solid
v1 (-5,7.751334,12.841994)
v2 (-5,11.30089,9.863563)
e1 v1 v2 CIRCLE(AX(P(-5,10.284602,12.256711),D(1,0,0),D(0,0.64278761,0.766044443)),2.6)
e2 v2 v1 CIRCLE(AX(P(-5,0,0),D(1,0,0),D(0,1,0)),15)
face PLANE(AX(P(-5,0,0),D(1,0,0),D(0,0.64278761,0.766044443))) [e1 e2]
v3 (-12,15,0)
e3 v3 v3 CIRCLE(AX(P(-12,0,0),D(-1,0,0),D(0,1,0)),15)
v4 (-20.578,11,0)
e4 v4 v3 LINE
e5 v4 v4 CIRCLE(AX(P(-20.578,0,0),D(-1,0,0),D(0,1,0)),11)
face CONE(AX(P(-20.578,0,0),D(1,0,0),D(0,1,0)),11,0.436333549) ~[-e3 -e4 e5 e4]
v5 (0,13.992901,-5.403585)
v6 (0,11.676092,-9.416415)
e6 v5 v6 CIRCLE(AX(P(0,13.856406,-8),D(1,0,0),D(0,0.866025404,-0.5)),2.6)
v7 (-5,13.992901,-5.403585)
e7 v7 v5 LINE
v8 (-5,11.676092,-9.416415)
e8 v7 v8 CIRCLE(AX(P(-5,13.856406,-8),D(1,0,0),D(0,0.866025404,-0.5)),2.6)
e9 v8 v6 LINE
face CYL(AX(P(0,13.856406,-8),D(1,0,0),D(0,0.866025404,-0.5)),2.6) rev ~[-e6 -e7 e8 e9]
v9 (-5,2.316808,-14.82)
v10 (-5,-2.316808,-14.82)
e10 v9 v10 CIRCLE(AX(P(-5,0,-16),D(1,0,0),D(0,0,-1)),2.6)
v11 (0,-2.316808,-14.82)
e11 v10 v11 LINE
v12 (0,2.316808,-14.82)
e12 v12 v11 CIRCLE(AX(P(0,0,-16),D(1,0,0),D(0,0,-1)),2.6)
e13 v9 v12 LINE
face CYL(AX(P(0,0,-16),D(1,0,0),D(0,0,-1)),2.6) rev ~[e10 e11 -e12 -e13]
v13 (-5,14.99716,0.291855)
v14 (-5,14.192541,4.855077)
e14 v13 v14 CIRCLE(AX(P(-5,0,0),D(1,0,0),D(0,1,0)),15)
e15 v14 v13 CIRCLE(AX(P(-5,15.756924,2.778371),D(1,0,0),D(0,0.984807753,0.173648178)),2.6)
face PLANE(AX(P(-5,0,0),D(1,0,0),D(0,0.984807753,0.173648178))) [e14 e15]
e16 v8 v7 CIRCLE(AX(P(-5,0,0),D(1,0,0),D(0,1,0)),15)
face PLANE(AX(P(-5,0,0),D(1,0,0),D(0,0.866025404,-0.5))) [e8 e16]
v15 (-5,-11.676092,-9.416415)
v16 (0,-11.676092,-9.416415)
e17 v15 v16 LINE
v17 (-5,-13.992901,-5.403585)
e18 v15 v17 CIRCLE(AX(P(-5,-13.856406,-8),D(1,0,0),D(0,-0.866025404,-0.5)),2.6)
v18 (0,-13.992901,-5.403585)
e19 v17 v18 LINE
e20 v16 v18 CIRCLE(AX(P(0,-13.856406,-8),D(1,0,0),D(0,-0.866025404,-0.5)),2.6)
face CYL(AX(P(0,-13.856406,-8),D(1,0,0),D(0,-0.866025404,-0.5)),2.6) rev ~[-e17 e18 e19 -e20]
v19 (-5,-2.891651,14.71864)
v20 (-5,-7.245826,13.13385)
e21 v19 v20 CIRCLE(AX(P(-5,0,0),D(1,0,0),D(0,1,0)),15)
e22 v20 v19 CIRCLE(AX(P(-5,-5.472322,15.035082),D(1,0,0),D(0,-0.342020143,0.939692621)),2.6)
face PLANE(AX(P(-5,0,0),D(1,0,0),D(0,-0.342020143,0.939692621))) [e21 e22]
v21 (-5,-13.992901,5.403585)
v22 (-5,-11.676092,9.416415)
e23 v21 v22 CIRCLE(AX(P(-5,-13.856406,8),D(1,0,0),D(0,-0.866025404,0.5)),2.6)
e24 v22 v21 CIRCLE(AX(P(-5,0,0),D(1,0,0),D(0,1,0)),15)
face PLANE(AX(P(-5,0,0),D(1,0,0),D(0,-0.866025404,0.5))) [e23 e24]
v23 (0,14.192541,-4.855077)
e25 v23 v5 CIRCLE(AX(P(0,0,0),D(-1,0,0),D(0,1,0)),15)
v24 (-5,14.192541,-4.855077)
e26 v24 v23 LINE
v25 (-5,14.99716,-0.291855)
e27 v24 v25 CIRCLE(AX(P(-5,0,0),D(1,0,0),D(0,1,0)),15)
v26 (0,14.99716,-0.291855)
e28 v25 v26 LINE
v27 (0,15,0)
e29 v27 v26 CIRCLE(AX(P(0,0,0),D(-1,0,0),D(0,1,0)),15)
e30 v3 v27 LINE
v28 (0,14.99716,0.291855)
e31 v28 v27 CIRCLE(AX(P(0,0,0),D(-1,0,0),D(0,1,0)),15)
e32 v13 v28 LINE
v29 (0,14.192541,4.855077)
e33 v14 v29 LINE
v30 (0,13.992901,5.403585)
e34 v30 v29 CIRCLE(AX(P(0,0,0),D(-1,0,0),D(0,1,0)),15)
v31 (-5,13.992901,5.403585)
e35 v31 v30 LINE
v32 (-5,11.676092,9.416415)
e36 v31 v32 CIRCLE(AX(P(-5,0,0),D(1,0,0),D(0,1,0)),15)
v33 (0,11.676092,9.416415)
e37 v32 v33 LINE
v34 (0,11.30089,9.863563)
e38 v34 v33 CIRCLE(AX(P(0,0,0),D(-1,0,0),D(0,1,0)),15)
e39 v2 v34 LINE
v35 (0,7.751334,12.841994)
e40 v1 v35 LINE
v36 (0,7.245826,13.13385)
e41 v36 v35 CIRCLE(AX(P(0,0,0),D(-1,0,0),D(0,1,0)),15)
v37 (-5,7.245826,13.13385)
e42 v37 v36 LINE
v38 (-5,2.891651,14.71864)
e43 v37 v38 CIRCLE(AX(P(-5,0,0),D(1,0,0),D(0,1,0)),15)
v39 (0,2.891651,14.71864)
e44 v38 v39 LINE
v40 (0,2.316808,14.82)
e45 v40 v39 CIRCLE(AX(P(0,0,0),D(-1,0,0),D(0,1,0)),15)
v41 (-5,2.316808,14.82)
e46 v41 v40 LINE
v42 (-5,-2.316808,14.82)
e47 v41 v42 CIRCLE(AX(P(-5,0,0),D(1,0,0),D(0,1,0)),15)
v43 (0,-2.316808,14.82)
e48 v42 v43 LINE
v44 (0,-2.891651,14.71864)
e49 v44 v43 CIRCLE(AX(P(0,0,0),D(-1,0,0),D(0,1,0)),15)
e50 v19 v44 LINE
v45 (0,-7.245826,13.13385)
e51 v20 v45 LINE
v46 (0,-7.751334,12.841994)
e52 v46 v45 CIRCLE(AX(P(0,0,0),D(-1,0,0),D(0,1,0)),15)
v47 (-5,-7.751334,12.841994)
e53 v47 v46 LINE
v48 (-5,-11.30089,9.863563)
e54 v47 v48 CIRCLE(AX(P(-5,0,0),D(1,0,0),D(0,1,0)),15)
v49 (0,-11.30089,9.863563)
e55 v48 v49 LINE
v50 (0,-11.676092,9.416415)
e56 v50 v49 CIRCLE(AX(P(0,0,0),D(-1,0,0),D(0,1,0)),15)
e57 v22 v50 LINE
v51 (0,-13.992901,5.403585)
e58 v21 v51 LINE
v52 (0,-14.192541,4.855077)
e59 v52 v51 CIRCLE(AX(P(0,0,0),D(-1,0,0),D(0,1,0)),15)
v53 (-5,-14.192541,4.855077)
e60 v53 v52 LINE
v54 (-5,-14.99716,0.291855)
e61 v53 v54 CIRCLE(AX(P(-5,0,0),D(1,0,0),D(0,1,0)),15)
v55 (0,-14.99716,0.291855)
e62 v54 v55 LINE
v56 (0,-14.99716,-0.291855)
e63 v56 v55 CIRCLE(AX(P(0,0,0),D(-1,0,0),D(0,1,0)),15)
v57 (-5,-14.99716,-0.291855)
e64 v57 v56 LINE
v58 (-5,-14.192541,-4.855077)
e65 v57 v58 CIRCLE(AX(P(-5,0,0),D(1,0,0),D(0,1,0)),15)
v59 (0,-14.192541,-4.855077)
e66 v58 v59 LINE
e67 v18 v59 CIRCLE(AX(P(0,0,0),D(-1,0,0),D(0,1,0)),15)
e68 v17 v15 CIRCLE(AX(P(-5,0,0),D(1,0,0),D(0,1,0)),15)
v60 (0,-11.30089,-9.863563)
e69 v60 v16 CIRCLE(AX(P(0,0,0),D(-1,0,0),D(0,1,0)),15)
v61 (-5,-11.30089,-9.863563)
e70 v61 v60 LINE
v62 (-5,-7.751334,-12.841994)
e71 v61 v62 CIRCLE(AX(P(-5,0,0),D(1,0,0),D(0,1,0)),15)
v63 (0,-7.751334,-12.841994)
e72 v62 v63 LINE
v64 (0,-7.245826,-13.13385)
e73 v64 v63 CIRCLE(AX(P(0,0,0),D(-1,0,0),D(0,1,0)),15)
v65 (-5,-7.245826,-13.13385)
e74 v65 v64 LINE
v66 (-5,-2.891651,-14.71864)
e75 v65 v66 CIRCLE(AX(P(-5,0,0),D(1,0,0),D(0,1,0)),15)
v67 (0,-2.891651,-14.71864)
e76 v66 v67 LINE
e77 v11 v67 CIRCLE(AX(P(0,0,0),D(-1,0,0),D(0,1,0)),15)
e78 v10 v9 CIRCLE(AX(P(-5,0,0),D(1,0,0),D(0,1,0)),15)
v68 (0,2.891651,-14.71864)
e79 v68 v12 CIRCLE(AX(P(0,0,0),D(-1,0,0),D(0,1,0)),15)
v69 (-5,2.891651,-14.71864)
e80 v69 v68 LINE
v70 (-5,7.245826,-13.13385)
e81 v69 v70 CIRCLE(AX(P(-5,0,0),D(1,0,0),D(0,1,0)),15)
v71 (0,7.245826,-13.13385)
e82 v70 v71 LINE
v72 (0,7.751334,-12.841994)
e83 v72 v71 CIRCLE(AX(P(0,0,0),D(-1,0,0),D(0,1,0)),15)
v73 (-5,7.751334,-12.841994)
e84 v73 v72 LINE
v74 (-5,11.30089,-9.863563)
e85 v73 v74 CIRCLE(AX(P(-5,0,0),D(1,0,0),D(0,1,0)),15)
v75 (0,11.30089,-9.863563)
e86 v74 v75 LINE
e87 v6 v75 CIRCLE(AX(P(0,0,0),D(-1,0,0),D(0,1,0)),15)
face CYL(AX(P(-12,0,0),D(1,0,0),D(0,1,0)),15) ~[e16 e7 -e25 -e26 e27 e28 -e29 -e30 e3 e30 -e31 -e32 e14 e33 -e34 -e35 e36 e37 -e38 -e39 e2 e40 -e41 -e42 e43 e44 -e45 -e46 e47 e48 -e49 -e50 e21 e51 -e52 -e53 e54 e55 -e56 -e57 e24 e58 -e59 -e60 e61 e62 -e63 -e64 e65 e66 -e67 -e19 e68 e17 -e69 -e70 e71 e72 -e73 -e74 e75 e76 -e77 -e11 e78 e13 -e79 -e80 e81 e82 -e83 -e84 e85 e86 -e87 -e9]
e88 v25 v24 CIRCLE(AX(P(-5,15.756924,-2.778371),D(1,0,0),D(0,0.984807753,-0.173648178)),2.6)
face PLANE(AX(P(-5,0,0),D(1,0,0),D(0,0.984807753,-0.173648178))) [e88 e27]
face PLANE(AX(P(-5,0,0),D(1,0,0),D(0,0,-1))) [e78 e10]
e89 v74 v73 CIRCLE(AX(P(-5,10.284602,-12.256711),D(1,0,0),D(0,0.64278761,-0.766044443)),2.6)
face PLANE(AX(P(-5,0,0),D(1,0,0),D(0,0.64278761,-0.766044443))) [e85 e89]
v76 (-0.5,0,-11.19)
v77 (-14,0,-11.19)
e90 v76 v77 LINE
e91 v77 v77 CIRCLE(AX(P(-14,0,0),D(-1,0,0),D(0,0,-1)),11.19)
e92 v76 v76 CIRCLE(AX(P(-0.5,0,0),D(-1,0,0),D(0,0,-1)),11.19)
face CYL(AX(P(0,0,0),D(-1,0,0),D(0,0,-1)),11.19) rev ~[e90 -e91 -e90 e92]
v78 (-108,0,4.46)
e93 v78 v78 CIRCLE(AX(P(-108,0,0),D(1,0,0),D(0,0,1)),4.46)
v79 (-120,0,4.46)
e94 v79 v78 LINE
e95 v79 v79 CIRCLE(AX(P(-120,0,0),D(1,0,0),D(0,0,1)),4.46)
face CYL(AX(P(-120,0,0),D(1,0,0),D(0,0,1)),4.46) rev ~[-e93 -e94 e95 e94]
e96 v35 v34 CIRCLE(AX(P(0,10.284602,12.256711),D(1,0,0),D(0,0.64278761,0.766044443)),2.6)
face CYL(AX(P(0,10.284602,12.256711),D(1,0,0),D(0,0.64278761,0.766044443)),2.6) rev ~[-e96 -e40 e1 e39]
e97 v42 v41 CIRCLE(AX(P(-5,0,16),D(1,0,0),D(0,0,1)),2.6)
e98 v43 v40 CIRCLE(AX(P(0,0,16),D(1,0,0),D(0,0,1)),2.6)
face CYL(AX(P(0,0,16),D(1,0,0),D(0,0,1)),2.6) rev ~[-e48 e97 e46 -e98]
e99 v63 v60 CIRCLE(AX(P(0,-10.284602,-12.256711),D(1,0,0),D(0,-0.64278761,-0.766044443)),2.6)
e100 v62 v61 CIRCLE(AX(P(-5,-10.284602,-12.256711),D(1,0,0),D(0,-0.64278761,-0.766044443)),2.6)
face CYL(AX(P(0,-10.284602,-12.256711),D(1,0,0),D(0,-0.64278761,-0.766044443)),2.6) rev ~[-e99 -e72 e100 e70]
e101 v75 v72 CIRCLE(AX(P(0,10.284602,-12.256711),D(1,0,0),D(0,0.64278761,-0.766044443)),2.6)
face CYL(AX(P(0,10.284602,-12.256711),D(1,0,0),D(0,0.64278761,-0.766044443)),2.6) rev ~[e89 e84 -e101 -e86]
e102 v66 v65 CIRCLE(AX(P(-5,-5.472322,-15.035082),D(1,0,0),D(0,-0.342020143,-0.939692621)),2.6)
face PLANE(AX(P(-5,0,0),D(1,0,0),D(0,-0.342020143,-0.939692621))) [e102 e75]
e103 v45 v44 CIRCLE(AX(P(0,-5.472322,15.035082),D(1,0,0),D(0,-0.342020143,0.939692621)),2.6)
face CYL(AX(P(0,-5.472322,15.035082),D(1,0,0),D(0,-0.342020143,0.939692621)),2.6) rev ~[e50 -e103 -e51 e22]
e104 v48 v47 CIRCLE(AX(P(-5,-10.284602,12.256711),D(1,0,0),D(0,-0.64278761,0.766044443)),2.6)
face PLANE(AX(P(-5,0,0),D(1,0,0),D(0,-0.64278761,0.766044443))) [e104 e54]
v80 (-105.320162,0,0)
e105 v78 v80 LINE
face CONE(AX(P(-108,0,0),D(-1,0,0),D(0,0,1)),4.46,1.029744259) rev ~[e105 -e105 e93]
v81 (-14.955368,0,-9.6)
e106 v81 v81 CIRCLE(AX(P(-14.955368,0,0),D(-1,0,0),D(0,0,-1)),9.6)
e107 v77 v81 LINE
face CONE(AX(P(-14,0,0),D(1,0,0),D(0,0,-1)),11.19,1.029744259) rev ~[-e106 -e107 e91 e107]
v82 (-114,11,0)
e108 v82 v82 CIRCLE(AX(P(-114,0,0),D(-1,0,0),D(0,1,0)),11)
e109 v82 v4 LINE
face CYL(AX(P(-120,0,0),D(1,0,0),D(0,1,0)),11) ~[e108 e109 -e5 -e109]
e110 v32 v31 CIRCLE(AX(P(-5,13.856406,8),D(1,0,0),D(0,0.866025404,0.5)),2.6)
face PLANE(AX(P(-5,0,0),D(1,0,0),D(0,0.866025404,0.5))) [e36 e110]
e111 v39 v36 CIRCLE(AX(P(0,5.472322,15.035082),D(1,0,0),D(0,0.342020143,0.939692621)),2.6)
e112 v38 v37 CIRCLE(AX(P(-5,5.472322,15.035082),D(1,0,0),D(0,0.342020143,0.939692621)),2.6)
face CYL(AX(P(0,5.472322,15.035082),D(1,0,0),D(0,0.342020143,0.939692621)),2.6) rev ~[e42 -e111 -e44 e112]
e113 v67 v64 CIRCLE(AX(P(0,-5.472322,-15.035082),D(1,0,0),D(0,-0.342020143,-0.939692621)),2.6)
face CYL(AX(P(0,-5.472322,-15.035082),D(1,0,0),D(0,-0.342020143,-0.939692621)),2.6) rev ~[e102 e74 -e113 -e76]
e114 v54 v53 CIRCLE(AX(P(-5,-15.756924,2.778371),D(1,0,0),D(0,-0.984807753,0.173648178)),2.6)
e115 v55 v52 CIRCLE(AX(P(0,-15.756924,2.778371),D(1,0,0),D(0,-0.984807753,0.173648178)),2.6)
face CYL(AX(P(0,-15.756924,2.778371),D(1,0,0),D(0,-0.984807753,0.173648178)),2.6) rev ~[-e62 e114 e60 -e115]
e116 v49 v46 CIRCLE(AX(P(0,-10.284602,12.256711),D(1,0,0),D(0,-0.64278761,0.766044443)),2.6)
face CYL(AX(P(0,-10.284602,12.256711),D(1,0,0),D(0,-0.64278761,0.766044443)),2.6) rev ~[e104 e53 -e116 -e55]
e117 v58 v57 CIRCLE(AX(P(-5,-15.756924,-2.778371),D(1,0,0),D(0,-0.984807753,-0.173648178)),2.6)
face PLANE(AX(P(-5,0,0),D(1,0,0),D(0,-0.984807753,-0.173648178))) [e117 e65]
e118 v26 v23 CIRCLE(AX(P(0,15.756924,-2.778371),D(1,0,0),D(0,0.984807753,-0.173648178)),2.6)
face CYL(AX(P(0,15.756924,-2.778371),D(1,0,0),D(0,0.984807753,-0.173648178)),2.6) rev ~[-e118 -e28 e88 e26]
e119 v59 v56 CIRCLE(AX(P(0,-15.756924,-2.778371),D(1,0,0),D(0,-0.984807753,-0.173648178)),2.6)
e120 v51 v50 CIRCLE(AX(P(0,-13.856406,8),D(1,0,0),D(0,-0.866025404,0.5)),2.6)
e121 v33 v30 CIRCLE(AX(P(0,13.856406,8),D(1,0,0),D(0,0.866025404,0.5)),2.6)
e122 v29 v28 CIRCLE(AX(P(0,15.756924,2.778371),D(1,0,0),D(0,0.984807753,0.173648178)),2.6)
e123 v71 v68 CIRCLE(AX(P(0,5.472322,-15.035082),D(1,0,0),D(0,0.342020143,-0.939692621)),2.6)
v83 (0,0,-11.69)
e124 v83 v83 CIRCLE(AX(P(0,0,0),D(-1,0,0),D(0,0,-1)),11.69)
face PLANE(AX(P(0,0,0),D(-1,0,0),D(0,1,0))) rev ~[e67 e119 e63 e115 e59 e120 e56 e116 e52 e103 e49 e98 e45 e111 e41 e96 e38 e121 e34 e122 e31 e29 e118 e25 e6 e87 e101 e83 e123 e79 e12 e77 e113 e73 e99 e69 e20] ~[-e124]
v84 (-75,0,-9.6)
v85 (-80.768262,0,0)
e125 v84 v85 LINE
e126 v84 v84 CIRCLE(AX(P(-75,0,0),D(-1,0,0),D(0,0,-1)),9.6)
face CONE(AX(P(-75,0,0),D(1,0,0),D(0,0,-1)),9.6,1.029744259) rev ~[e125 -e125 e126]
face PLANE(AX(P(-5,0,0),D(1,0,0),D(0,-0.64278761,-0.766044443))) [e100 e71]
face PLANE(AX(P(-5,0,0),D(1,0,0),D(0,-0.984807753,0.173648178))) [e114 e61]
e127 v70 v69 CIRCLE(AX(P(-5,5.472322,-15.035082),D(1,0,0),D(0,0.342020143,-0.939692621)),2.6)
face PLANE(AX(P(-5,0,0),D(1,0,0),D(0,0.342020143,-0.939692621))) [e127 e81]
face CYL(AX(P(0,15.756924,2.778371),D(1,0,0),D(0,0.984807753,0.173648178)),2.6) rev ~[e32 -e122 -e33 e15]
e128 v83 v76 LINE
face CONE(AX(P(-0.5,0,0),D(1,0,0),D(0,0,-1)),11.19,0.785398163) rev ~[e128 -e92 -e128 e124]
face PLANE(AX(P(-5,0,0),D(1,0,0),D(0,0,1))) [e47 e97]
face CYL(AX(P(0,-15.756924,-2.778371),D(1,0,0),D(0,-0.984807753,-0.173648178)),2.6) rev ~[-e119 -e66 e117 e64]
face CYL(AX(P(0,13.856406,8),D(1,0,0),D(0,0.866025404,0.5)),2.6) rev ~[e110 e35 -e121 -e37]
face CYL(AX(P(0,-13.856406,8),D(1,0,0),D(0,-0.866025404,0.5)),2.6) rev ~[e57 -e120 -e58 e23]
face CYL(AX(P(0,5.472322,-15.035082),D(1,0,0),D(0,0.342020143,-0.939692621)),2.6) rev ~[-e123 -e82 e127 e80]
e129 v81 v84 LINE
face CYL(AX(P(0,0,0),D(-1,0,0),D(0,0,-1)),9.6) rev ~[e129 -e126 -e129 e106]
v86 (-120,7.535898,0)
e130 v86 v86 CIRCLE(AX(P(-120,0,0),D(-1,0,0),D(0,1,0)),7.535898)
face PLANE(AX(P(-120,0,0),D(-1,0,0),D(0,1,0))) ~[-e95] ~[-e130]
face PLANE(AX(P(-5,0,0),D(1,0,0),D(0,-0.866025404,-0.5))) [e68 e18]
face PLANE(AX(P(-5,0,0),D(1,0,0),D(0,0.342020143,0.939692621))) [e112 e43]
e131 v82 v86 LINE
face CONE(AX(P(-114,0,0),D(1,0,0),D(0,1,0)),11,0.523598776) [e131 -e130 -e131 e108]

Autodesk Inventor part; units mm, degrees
ref_plane "YZ Plane" through (0, 0, 0) normal (1, 0, 0) x (0, 1, 0)
ref_plane "XZ Plane" through (0, 0, 0) normal (0, 1, 0) x (-1, 0, 0)
ref_plane "XY Plane" through (0, 0, 0) normal (0, 0, 1) x (1, 0, 0)
sketch "Náčrt1" plane through (0, 0, 0) normal (0, 0, 1) x (1, 0, 0)
  line L0 (0, 0) -> (-120, 0)
  line L1 (-120, 0) -> (-120, 11)
  line L2 (-120, 11) -> (-20.578, 11)
  line L3 (-20.578, 11) -> (-12, 15)
  line L4 (-12, 15) -> (0, 15)
  line L5 (0, 15) -> (0, 0)
  dimension "d2" = 22
  dimension "d3" = 30
  dimension "d4" = 12
  dimension "d5" = 25
  dimension "d6" = 120
revolve "Rotace1" add sketch "Náčrt1" angle 360 about axis through (0, 0, 0) along (-1, 0, 0)
hole "Díra1" at (0, 0, 0) direction (-1, 0, 0) diameter 22.38 depth 14 tip angle 118
hole "Díra2" at (0, 0, 0) direction (-1, 0, 0) diameter 19.2 depth 75 tip angle 118
hole "Díra3" at (-120, 0, 0) direction (1, 0, 0) diameter 8.92 depth 12 tip angle 118
chamfer "Zkosení1" distance 6 angle 30 1 edges at (-120, -11, 0) measured on face at (-53.7187, 10.8576, 1.7645)
sketch "Náčrt2" plane through (0, 0, 0) normal (1, 0, 0) x (0, 0, -1)
  circle A0 centre (16, 0) radius 2.6
  point P0 (0, 0)
  dimension "d40" = 16
  dimension "d41" = 5.2
extrude "Vysunutí1" cut sketch "Náčrt2" against normal blind 5
pattern_circular "Kruhové pole1" count 18 over 360 about axis through (-6, 0, 0) along (1, 0, 0) of "Vysunutí1"
chamfer "Zkosení2" distance 0.5 angle 45 1 edges at (0, 0, 11.19)
properties part number "Head03" material "ETG 100"
